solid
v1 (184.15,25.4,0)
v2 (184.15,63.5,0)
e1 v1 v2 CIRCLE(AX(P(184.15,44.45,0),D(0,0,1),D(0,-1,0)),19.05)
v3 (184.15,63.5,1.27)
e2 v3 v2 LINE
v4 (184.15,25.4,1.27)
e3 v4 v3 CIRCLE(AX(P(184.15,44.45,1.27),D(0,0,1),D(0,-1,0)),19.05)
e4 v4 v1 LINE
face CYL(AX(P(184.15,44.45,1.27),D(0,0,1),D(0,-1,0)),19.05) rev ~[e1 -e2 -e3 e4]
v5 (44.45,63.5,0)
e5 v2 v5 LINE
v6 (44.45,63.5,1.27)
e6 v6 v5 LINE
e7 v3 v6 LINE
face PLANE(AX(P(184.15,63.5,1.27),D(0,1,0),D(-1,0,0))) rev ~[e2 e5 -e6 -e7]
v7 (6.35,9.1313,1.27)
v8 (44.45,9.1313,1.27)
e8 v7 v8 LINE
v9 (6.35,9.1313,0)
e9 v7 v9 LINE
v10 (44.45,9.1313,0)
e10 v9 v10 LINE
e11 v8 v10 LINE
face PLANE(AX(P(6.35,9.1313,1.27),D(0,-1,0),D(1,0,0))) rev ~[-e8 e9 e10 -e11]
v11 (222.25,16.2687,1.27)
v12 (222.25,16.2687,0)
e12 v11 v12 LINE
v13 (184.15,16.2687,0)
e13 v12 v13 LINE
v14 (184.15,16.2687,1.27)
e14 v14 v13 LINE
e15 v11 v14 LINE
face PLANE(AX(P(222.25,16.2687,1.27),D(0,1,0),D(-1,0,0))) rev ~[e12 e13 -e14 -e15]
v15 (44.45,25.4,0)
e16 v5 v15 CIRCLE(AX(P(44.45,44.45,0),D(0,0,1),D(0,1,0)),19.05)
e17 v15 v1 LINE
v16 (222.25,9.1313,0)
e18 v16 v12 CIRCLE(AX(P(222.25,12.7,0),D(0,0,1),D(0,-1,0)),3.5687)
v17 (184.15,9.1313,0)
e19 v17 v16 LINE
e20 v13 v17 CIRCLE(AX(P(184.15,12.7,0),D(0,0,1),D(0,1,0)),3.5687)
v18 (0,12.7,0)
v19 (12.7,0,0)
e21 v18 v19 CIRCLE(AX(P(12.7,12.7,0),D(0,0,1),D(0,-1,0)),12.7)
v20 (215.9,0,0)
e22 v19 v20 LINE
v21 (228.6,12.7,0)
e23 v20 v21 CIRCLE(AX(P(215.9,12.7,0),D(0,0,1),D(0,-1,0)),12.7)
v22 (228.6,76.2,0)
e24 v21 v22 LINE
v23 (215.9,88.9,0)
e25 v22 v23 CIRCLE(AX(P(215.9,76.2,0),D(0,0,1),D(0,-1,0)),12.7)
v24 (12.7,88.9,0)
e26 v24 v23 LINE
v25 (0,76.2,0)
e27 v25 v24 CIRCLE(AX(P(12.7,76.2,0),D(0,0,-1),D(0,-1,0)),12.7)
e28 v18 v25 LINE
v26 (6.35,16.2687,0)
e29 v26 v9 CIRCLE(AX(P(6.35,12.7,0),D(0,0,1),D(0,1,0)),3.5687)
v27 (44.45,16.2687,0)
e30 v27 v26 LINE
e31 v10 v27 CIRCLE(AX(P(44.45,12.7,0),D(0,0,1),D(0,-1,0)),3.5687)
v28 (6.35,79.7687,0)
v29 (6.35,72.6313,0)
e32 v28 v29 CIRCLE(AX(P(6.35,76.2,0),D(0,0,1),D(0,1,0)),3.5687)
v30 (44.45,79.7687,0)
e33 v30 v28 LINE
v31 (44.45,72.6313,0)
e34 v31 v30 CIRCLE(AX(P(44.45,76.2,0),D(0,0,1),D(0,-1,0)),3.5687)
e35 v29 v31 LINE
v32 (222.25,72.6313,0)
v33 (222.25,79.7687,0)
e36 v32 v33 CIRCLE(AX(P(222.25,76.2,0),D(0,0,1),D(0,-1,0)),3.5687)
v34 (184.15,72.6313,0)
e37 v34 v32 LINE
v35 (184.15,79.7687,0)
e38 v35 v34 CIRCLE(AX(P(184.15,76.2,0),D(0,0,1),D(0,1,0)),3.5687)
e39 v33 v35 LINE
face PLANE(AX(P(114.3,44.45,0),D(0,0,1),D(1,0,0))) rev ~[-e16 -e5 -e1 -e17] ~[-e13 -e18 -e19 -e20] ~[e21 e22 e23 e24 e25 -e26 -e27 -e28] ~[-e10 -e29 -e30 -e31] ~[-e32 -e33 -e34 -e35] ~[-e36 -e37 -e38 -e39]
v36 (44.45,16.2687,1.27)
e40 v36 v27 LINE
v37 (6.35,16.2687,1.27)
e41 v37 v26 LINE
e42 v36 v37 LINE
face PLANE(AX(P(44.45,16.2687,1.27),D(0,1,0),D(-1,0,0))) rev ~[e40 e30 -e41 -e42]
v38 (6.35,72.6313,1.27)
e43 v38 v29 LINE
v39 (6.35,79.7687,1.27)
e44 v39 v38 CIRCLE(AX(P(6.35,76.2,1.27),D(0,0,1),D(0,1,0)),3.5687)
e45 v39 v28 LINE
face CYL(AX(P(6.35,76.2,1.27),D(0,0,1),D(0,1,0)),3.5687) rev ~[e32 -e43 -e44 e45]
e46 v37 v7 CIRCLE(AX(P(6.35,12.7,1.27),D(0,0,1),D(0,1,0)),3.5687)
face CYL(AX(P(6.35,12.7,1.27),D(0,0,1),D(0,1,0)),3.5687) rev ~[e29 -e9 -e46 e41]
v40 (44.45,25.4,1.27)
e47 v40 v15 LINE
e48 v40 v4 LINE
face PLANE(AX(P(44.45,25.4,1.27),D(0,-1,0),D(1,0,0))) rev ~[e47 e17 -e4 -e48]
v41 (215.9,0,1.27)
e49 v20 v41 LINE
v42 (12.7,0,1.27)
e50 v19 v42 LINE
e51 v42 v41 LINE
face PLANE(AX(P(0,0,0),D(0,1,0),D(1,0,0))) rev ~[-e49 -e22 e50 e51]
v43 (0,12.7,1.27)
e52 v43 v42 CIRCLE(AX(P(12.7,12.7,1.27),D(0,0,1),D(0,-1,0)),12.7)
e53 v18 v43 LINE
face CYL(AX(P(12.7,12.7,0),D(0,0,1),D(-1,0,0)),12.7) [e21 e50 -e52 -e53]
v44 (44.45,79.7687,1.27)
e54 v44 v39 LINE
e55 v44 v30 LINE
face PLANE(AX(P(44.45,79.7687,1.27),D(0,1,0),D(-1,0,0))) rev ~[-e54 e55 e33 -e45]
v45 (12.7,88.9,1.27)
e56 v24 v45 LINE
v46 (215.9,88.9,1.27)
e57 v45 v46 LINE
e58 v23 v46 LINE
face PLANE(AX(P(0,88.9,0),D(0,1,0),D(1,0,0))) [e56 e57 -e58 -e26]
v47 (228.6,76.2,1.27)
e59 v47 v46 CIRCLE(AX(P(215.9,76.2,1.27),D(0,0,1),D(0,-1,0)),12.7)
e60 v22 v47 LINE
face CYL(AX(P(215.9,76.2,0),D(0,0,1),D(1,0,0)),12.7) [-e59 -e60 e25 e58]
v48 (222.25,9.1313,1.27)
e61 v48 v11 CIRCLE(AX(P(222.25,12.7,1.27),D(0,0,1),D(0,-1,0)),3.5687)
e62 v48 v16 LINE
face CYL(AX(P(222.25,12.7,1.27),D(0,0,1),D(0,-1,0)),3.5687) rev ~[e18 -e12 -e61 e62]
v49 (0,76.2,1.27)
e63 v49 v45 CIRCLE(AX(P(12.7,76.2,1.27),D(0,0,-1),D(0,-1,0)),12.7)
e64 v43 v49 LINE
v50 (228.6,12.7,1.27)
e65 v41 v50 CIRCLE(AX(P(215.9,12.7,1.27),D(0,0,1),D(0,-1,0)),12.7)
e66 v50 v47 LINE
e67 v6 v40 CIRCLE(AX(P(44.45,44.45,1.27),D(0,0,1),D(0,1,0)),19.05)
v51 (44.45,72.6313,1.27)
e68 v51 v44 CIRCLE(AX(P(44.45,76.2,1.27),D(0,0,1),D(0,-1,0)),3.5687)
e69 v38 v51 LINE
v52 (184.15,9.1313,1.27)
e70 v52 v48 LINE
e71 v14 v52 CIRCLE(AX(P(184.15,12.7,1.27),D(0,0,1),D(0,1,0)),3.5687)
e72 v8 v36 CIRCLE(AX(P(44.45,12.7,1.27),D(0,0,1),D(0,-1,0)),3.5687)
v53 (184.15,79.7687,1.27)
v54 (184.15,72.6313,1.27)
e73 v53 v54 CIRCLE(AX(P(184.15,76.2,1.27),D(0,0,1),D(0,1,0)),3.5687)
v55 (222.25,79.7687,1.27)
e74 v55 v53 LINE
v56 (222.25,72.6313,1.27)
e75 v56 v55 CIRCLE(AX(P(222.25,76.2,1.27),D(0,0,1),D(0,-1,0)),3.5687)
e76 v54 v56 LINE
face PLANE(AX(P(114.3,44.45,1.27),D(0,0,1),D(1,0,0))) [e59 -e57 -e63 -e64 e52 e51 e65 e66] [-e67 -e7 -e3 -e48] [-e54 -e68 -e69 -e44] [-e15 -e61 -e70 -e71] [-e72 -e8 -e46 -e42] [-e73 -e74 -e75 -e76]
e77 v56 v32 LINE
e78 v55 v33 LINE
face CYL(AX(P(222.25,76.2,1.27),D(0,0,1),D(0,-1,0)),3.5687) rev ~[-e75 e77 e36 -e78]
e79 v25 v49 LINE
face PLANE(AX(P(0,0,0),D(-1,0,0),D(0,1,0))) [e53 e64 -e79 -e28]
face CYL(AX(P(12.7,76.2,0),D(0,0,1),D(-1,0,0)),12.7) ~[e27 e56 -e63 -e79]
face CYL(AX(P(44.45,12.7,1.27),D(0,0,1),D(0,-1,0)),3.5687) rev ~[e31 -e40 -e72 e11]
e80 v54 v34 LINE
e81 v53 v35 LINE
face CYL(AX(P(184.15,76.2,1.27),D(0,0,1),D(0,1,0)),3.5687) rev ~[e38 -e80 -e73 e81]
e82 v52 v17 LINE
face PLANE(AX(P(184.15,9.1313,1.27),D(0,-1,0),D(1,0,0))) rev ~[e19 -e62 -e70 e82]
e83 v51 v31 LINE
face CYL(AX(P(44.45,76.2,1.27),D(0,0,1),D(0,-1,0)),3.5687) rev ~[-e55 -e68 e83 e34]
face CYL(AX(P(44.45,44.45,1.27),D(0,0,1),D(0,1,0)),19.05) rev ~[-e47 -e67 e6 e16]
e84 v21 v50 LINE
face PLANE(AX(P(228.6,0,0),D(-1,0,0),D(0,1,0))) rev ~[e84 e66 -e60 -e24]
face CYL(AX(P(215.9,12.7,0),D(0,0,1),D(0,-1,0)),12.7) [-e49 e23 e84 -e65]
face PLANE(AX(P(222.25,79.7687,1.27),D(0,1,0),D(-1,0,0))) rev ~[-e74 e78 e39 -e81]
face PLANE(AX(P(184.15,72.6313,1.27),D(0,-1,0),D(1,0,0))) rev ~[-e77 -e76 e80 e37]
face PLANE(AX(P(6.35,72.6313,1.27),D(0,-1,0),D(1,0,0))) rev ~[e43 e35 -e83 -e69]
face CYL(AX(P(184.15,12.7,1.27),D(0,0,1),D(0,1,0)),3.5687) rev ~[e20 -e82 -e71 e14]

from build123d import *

# Parameters (mm, degrees)
F0_W     = 228.6
F0_H     = 88.9
F1_DEPTH = 1.27
F2_R     = 12.7
F4_DEPTH = 25.4
F6_DEPTH = 1.271


with BuildPart() as f1:
    # F0 (on Top) → F1 (new body)
    with BuildSketch(Plane.XY):
        with Locations((114.3, 44.45)):
            Rectangle(F0_W, F0_H)
    extrude(amount=F1_DEPTH)

    # F2
    f2_edges = [f1.edges().sort_by_distance(p)[0] for p in [
        (228.6, 0, 0.635),
        (228.6, 88.9, 0.635),
        (0, 88.9, 0.635),
        (0, 0, 0.635),
    ]]
    fillet(f2_edges, radius=F2_R)

    # F3 (on face) → F4 (cut)
    with BuildSketch(Plane.XY.offset(1.27)):
        with BuildLine():
            Line((44.45, 16.2687), (6.35, 16.2687))
            ThreePointArc((6.35, 16.2687), (2.7813, 12.7), (6.35, 9.1313))
            Line((6.35, 9.1313), (44.45, 9.1313))
            ThreePointArc((44.45, 9.1313), (48.0187, 12.7), (44.45, 16.2687))
        make_face()
        with BuildLine():
            ThreePointArc((6.35, 79.7687), (2.7813, 76.2), (6.35, 72.6313))
            Line((6.35, 72.6313), (44.45, 72.6313))
            ThreePointArc((44.45, 72.6313), (48.0187, 76.2), (44.45, 79.7687))
            Line((44.45, 79.7687), (6.35, 79.7687))
        make_face()
        with BuildLine():
            ThreePointArc((222.25, 72.6313), (225.8187, 76.2), (222.25, 79.7687))
            Line((222.25, 79.7687), (184.15, 79.7687))
            ThreePointArc((184.15, 79.7687), (180.5813, 76.2), (184.15, 72.6313))
            Line((184.15, 72.6313), (222.25, 72.6313))
        make_face()
        with BuildLine():
            ThreePointArc((222.25, 9.1313), (225.8187, 12.7), (222.25, 16.2687))
            Line((222.25, 16.2687), (184.15, 16.2687))
            ThreePointArc((184.15, 16.2687), (180.5813, 12.7), (184.15, 9.1313))
            Line((184.15, 9.1313), (222.25, 9.1313))
        make_face()
    extrude(amount=-F4_DEPTH, mode=Mode.SUBTRACT)

    # F5 (on face) → F6 (cut, through all)
    with BuildSketch(Plane.XY.offset(1.27)):
        with BuildLine():
            ThreePointArc((44.45, 63.5), (25.4, 44.45), (44.45, 25.4))
            Line((44.45, 25.4), (114.3, 25.4))
            Line((114.3, 25.4), (184.15, 25.4))
            ThreePointArc((184.15, 25.4), (203.2, 44.45), (184.15, 63.5))
            Line((184.15, 63.5), (114.3, 63.5))
            Line((114.3, 63.5), (44.45, 63.5))
        make_face()
    extrude(amount=-F6_DEPTH, mode=Mode.SUBTRACT)


solid = f1.part
